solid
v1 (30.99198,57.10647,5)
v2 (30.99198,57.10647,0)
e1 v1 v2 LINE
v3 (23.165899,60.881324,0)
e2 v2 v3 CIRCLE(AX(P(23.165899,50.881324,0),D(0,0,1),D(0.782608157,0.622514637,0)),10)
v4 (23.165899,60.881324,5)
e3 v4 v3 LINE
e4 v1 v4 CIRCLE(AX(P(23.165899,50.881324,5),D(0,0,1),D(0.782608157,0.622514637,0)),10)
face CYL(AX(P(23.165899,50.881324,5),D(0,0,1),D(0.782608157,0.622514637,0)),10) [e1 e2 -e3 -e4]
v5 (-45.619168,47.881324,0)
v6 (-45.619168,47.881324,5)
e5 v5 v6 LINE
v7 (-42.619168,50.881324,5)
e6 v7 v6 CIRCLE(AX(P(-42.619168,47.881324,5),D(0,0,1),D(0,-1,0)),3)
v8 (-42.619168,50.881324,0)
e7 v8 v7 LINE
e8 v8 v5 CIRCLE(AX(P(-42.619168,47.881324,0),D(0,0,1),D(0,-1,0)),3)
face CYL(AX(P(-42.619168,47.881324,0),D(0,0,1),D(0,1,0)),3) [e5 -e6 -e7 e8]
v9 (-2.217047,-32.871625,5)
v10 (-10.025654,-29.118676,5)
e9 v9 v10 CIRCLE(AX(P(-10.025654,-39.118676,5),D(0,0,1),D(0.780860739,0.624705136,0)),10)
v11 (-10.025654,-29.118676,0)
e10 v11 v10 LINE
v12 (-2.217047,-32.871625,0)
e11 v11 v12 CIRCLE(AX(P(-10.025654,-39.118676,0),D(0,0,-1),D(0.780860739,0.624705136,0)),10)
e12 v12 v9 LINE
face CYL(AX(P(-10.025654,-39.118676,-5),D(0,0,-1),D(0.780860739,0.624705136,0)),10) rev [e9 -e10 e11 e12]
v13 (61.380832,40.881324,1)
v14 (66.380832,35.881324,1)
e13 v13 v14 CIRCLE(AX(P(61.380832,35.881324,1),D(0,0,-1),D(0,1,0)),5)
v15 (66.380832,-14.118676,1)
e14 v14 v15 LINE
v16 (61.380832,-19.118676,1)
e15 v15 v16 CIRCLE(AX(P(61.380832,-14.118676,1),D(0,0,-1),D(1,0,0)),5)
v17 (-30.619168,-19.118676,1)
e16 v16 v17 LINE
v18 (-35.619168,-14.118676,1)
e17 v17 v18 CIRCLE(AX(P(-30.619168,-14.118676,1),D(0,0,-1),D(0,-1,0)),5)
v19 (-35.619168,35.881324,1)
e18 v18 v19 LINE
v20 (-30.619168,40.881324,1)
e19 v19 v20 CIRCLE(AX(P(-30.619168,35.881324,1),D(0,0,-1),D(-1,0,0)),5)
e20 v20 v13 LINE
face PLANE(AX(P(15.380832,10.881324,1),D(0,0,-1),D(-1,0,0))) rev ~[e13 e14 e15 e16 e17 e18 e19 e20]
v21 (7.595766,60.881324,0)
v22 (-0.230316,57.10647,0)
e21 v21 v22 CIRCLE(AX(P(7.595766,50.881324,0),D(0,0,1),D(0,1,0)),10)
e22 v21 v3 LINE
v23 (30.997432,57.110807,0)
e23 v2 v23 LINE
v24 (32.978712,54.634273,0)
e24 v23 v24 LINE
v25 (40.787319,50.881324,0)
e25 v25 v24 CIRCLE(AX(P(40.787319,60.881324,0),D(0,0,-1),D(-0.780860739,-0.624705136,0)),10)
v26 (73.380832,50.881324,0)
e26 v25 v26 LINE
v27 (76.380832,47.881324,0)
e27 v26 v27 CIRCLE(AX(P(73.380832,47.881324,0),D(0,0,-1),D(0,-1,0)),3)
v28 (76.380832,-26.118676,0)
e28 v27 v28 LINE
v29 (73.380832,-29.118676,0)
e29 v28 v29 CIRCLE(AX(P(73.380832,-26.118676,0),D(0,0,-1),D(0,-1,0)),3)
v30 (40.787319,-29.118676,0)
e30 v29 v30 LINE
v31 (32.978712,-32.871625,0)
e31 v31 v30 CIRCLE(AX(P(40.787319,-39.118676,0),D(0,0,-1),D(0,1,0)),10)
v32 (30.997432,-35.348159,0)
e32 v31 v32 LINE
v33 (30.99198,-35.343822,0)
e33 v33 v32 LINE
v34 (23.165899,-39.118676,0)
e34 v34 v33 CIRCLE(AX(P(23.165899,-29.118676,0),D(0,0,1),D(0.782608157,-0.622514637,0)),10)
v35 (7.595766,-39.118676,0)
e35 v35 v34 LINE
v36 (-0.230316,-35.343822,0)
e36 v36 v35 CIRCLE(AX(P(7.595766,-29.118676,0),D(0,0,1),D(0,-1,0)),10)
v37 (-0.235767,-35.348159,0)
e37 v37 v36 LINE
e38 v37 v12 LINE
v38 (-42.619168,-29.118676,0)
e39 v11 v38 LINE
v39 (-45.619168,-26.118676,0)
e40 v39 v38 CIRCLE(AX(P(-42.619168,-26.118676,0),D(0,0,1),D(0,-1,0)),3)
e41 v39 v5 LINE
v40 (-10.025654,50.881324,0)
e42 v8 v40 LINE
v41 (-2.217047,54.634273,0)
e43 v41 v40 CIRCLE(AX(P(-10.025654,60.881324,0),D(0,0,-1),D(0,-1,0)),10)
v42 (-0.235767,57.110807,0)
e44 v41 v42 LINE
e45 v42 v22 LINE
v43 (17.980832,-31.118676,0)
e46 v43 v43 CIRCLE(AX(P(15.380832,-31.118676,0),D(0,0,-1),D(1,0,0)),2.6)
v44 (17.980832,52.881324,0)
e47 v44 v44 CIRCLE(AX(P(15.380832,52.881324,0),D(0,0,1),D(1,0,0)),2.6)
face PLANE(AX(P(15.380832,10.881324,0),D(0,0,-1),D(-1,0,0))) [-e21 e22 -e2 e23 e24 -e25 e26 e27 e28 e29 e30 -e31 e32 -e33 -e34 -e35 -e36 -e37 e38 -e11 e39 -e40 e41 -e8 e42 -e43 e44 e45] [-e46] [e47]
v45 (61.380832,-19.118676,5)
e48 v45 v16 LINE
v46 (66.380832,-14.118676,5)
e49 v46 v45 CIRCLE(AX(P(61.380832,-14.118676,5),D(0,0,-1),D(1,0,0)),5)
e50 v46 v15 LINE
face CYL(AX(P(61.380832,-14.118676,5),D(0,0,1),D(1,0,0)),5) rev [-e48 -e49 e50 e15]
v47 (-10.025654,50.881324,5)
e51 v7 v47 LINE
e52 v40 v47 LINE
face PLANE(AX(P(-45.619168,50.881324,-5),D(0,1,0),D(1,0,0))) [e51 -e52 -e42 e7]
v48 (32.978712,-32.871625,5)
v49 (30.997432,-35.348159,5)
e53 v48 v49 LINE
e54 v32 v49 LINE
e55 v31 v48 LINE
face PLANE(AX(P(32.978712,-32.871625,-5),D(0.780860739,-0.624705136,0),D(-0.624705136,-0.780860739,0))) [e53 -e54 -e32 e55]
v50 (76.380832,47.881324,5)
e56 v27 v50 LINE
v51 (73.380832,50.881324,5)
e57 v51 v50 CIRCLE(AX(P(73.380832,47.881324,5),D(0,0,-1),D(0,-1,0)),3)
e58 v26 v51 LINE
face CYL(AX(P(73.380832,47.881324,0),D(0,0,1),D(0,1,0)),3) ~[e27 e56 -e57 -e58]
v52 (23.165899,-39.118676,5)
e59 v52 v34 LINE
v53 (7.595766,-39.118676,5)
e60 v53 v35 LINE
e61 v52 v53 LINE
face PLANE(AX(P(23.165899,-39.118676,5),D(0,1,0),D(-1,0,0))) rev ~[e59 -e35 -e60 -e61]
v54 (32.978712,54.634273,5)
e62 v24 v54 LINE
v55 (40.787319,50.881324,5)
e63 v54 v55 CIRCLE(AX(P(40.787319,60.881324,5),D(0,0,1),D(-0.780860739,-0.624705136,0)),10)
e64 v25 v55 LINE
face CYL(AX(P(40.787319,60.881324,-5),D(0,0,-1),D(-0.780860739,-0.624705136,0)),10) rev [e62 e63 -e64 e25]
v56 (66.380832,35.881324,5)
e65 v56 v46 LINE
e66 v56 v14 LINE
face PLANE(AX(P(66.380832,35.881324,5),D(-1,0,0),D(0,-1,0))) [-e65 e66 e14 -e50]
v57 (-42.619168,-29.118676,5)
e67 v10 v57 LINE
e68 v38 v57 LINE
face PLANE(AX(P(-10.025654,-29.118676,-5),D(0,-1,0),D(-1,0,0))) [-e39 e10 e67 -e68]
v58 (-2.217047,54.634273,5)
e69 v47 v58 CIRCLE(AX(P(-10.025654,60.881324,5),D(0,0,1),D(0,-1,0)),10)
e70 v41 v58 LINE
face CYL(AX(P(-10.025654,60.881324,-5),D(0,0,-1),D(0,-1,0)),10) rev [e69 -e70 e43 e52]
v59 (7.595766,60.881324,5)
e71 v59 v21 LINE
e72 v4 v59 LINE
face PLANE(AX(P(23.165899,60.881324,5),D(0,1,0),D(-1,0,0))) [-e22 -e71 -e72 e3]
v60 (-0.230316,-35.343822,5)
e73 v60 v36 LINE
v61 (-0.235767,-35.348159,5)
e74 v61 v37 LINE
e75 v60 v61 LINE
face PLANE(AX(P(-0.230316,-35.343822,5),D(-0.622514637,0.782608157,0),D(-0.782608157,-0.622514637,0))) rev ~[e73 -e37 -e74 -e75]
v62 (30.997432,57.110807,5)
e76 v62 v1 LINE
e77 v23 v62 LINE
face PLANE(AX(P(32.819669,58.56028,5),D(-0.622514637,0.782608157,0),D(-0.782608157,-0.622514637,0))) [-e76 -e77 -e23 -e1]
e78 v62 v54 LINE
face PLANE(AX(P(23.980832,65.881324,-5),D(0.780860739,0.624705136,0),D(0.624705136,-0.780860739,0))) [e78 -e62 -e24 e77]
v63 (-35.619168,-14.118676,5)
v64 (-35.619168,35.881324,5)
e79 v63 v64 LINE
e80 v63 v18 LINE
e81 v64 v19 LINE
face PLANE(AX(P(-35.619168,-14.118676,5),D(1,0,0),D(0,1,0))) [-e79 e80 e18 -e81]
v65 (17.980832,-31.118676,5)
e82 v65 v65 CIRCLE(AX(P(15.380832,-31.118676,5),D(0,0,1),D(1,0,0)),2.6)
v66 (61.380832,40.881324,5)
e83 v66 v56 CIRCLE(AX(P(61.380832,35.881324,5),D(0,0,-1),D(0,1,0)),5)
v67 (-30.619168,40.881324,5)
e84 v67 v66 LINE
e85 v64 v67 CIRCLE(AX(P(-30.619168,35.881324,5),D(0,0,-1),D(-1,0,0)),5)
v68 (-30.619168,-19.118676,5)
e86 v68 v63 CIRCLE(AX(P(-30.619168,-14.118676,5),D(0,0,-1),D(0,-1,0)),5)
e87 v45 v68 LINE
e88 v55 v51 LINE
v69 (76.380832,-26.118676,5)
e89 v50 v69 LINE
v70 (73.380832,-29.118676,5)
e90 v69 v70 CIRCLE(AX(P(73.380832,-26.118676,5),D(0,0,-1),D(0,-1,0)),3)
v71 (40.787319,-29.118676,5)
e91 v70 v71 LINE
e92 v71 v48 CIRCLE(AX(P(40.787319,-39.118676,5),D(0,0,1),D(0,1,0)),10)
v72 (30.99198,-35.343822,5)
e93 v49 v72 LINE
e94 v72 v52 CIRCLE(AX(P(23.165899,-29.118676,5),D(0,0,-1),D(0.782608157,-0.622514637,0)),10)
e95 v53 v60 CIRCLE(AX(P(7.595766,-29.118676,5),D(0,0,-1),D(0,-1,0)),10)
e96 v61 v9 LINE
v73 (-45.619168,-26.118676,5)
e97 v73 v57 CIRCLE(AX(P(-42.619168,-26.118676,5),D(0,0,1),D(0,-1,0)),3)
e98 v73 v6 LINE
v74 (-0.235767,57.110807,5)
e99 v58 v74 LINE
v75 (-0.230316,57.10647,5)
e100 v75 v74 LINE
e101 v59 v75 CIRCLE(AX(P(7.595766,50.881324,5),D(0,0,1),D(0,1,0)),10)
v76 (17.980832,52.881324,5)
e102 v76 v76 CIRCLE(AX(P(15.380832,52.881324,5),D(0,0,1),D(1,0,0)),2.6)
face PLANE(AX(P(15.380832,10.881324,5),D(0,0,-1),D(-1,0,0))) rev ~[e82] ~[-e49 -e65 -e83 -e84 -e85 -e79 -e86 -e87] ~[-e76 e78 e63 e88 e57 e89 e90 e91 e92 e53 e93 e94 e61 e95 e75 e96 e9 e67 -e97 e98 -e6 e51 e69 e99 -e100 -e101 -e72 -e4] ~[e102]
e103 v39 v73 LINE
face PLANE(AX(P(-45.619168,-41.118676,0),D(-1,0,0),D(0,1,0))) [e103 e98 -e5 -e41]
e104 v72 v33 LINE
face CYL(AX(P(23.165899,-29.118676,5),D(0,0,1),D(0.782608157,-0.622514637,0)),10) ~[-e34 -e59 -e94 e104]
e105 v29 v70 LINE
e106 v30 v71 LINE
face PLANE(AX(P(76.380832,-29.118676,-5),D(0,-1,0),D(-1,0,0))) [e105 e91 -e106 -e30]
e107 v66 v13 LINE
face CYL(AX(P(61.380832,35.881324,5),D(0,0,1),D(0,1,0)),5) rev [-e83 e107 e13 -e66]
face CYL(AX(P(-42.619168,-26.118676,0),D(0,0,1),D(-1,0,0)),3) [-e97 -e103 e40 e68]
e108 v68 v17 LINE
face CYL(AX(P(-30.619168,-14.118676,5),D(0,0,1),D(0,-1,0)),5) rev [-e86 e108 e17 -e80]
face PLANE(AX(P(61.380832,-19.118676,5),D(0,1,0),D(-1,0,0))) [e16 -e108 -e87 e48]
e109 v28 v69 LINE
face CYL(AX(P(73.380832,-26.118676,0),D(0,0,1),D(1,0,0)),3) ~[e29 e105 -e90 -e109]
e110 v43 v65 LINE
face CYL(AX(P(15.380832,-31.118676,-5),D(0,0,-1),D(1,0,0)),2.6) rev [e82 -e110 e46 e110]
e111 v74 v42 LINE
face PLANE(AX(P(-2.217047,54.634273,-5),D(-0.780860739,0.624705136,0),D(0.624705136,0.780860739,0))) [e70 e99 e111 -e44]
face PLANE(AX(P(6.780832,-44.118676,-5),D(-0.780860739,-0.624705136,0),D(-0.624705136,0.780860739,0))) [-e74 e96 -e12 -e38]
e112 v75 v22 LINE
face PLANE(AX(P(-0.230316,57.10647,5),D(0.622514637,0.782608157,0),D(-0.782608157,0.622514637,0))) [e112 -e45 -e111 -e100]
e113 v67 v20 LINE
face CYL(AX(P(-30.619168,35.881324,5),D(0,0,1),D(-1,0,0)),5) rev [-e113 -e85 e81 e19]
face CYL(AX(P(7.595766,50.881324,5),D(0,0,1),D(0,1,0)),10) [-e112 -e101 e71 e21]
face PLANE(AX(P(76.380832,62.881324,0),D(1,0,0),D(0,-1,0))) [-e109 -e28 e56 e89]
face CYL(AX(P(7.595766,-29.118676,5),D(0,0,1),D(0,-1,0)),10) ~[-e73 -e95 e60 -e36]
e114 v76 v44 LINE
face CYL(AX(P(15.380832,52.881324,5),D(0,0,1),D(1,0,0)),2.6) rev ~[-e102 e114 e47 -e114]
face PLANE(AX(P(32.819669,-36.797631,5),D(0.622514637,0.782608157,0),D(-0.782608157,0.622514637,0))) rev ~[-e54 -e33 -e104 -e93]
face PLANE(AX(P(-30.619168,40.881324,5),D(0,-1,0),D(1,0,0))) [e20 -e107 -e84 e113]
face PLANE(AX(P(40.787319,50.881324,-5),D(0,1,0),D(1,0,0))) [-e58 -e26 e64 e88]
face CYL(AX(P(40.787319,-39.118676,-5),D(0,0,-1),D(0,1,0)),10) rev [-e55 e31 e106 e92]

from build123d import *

# Parameters (mm, degrees)
BOSS_EXTRUDE1_DEPTH = 5
CUT_EXTRUDE1_START  = -10
SKETCH3_R           = 2.6
CUT_EXTRUDE1_DEPTH  = 10
FILLET1_R           = 10
FILLET2_R           = 3
SKETCH4_R           = 2.6
CUT_EXTRUDE2_DEPTH  = 10
CUT_EXTRUDE3_DEPTH  = 4
CUT_EXTRUDE4_DEPTH  = 10


with BuildPart() as part:
    # Sketch1 → Boss-Extrude1 (new body)
    with BuildSketch(Plane.XY):
        with BuildLine():
            Line((-42.619167718, 65.881324086), (73.380832282, 65.881324086))
            ThreePointArc((73.380832282, 65.881324086), (75.502152626, 65.002644429), (76.380832282, 62.881324086))
            Line((76.380832282, 62.881324086), (76.380832282, -41.118675914))
            ThreePointArc((76.380832282, -41.118675914), (75.502152626, -43.239996258), (73.380832282, -44.118675914))
            Line((73.380832282, -44.118675914), (-42.619167718, -44.118675914))
            ThreePointArc((-42.619167718, -44.118675914), (-44.740488061, -43.239996258), (-45.619167718, -41.118675914))
            Line((-45.619167718, -41.118675914), (-45.619167718, 62.881324086))
            ThreePointArc((-45.619167718, 62.881324086), (-44.740488061, 65.002644429), (-42.619167718, 65.881324086))
        make_face()
    extrude(amount=BOSS_EXTRUDE1_DEPTH)

    # Sketch3 → Cut-Extrude1 (cut)
    with BuildSketch(Plane.XY.offset(5).offset(CUT_EXTRUDE1_START)):
        with BuildLine():
            Line((-42.619167718, 65.881324086), (6.780832282, 65.881324086))
            Line((6.780832282, 65.881324086), (6.780832282, 81.136513461))
            Line((6.780832282, 81.136513461), (-45.619167718, 81.136513461))
            Line((-45.619167718, 81.136513461), (-45.619167718, 62.881324086))
            ThreePointArc((-45.619167718, 62.881324086), (-44.740488061, 65.002644429), (-42.619167718, 65.881324086))
        make_face()
        with BuildLine():
            Line((-2.217047099, 54.63427273), (6.780832282, 65.881324086))
            Line((6.780832282, 65.881324086), (-42.619167718, 65.881324086))
            ThreePointArc((-42.619167718, 65.881324086), (-44.740488061, 65.002644429), (-45.619167718, 62.881324086))
            Line((-45.619167718, 62.881324086), (-45.619167718, 50.881324086))
            Line((-45.619167718, 50.881324086), (-10.025654488, 50.881324086))
            ThreePointArc((-10.025654488, 50.881324086), (-5.693825403, 51.868263741), (-2.217047099, 54.63427273))
        make_face()
        with BuildLine():
            ThreePointArc((73.380832282, 65.881324086), (75.502152626, 65.002644429), (76.380832282, 62.881324086))
            Line((76.380832282, 62.881324086), (76.380832282, 81.136513461))
            Line((76.380832282, 81.136513461), (23.980832282, 81.136513461))
            Line((23.980832282, 81.136513461), (23.980832282, 65.881324086))
            Line((23.980832282, 65.881324086), (73.380832282, 65.881324086))
        make_face()
        with BuildLine():
            ThreePointArc((32.978711664, 54.63427273), (36.455489968, 51.868263741), (40.787319053, 50.881324086))
            Line((40.787319053, 50.881324086), (76.380832282, 50.881324086))
            Line((76.380832282, 50.881324086), (76.380832282, 62.881324086))
            ThreePointArc((76.380832282, 62.881324086), (75.502152626, 65.002644429), (73.380832282, 65.881324086))
            Line((73.380832282, 65.881324086), (23.980832282, 65.881324086))
            Line((23.980832282, 65.881324086), (32.978711664, 54.63427273))
        make_face()
        with BuildLine():
            Line((76.380832282, -41.118675914), (76.380832282, -29.118675914))
            Line((76.380832282, -29.118675914), (40.787319053, -29.118675914))
            ThreePointArc((40.787319053, -29.118675914), (36.455489968, -30.105615569), (32.978711664, -32.871624558))
            Line((32.978711664, -32.871624558), (23.980832282, -44.118675914))
            Line((23.980832282, -44.118675914), (73.380832282, -44.118675914))
            ThreePointArc((73.380832282, -44.118675914), (75.502152626, -43.239996258), (76.380832282, -41.118675914))
        make_face()
        with BuildLine():
            Line((76.380832282, -59.373865289), (76.380832282, -41.118675914))
            ThreePointArc((76.380832282, -41.118675914), (75.502152626, -43.239996258), (73.380832282, -44.118675914))
            Line((73.380832282, -44.118675914), (23.980832282, -44.118675914))
            Line((23.980832282, -44.118675914), (23.980832282, -59.373865289))
            Line((23.980832282, -59.373865289), (76.380832282, -59.373865289))
        make_face()
        with BuildLine():
            Line((-42.619167718, -44.118675914), (6.780832282, -44.118675914))
            Line((6.780832282, -44.118675914), (-2.217047099, -32.871624558))
            ThreePointArc((-2.217047099, -32.871624558), (-5.693825403, -30.105615569), (-10.025654488, -29.118675914))
            Line((-10.025654488, -29.118675914), (-45.619167718, -29.118675914))
            Line((-45.619167718, -29.118675914), (-45.619167718, -41.118675914))
            ThreePointArc((-45.619167718, -41.118675914), (-44.740488061, -43.239996258), (-42.619167718, -44.118675914))
        make_face()
        with BuildLine():
            Line((6.780832282, -59.373865289), (6.780832282, -44.118675914))
            Line((6.780832282, -44.118675914), (-42.619167718, -44.118675914))
            ThreePointArc((-42.619167718, -44.118675914), (-44.740488061, -43.239996258), (-45.619167718, -41.118675914))
            Line((-45.619167718, -41.118675914), (-45.619167718, -59.373865289))
            Line((-45.619167718, -59.373865289), (6.780832282, -59.373865289))
        make_face()
        with Locations((15.380832282, -31.118675914)):
            Circle(SKETCH3_R)
    extrude(amount=CUT_EXTRUDE1_DEPTH, mode=Mode.SUBTRACT)

    # Fillet1
    fillet1_edges = [part.edges().sort_by_distance(p)[0] for p in [
        (6.780832282, 65.881324086, 2.5),
        (23.980832282, 65.881324086, 2.5),
        (23.980832282, -44.118675914, 2.5),
        (6.780832282, -44.118675914, 2.5),
    ]]
    fillet(fillet1_edges, radius=FILLET1_R)

    # Fillet2
    fillet2_edges = [part.edges().sort_by_distance(p)[0] for p in [
        (-45.619167718, -29.118675914, 2.5),
        (-45.619167718, 50.881324086, 2.5),
        (76.380832282, 50.881324086, 2.5),
        (76.380832282, -29.118675914, 2.5),
    ]]
    fillet(fillet2_edges, radius=FILLET2_R)

    # Sketch4 → Cut-Extrude2 (cut)
    with BuildSketch(Plane.XY.offset(5)):
        with Locations((15.380832282, 52.881324086)):
            Circle(SKETCH4_R)
    extrude(amount=-CUT_EXTRUDE2_DEPTH, mode=Mode.SUBTRACT)

    # Sketch5 → Cut-Extrude3 (cut)
    with BuildSketch(Plane.XY.offset(5)):
        with BuildLine():
            Line((-30.619167718, 40.881324086), (61.380832282, 40.881324086))
            ThreePointArc((61.380832282, 40.881324086), (64.916366188, 39.416857992), (66.380832282, 35.881324086))
            Line((66.380832282, 35.881324086), (66.380832282, -14.118675914))
            ThreePointArc((66.380832282, -14.118675914), (64.916366188, -17.65420982), (61.380832282, -19.118675914))
            Line((61.380832282, -19.118675914), (-30.619167718, -19.118675914))
            ThreePointArc((-30.619167718, -19.118675914), (-34.154701623, -17.65420982), (-35.619167718, -14.118675914))
            Line((-35.619167718, -14.118675914), (-35.619167718, 35.881324086))
            ThreePointArc((-35.619167718, 35.881324086), (-34.154701623, 39.416857992), (-30.619167718, 40.881324086))
        make_face()
    extrude(amount=-CUT_EXTRUDE3_DEPTH, mode=Mode.SUBTRACT)

    # Sketch6 → Cut-Extrude4 (cut)
    with BuildSketch(Plane.XY.offset(5)):
        with BuildLine():
            Line((23.165898511, 60.881324086), (7.595766054, 60.881324086))
            ThreePointArc((7.595766054, 60.881324086), (3.25131348, 59.888306479), (-0.230315515, 57.106470452))
            Line((-0.230315515, 57.106470452), (-2.058004159, 58.560279644))
            Line((-2.058004159, 58.560279644), (6.679710473, 70.400464375))
            Line((6.679710473, 70.400464375), (28.478804217, 70.400464375))
            Line((28.478804217, 70.400464375), (32.819668724, 58.560279644))
            Line((32.819668724, 58.560279644), (30.99198008, 57.106470452))
            ThreePointArc((30.99198008, 57.106470452), (27.510351085, 59.888306479), (23.165898511, 60.881324086))
        make_face()
        with BuildLine():
            Line((28.478804217, -48.637816204), (32.819668724, -36.797631473))
            Line((32.819668724, -36.797631473), (30.99198008, -35.343822281))
            ThreePointArc((30.99198008, -35.343822281), (27.510351085, -38.125658307), (23.165898511, -39.118675914))
            Line((23.165898511, -39.118675914), (7.595766054, -39.118675914))
            ThreePointArc((7.595766054, -39.118675914), (3.25131348, -38.125658307), (-0.230315515, -35.343822281))
            Line((-0.230315515, -35.343822281), (-2.058004159, -36.797631473))
            Line((-2.058004159, -36.797631473), (6.679710473, -48.637816204))
            Line((6.679710473, -48.637816204), (28.478804217, -48.637816204))
        make_face()
    extrude(amount=-CUT_EXTRUDE4_DEPTH, mode=Mode.SUBTRACT)


solid = part.part
